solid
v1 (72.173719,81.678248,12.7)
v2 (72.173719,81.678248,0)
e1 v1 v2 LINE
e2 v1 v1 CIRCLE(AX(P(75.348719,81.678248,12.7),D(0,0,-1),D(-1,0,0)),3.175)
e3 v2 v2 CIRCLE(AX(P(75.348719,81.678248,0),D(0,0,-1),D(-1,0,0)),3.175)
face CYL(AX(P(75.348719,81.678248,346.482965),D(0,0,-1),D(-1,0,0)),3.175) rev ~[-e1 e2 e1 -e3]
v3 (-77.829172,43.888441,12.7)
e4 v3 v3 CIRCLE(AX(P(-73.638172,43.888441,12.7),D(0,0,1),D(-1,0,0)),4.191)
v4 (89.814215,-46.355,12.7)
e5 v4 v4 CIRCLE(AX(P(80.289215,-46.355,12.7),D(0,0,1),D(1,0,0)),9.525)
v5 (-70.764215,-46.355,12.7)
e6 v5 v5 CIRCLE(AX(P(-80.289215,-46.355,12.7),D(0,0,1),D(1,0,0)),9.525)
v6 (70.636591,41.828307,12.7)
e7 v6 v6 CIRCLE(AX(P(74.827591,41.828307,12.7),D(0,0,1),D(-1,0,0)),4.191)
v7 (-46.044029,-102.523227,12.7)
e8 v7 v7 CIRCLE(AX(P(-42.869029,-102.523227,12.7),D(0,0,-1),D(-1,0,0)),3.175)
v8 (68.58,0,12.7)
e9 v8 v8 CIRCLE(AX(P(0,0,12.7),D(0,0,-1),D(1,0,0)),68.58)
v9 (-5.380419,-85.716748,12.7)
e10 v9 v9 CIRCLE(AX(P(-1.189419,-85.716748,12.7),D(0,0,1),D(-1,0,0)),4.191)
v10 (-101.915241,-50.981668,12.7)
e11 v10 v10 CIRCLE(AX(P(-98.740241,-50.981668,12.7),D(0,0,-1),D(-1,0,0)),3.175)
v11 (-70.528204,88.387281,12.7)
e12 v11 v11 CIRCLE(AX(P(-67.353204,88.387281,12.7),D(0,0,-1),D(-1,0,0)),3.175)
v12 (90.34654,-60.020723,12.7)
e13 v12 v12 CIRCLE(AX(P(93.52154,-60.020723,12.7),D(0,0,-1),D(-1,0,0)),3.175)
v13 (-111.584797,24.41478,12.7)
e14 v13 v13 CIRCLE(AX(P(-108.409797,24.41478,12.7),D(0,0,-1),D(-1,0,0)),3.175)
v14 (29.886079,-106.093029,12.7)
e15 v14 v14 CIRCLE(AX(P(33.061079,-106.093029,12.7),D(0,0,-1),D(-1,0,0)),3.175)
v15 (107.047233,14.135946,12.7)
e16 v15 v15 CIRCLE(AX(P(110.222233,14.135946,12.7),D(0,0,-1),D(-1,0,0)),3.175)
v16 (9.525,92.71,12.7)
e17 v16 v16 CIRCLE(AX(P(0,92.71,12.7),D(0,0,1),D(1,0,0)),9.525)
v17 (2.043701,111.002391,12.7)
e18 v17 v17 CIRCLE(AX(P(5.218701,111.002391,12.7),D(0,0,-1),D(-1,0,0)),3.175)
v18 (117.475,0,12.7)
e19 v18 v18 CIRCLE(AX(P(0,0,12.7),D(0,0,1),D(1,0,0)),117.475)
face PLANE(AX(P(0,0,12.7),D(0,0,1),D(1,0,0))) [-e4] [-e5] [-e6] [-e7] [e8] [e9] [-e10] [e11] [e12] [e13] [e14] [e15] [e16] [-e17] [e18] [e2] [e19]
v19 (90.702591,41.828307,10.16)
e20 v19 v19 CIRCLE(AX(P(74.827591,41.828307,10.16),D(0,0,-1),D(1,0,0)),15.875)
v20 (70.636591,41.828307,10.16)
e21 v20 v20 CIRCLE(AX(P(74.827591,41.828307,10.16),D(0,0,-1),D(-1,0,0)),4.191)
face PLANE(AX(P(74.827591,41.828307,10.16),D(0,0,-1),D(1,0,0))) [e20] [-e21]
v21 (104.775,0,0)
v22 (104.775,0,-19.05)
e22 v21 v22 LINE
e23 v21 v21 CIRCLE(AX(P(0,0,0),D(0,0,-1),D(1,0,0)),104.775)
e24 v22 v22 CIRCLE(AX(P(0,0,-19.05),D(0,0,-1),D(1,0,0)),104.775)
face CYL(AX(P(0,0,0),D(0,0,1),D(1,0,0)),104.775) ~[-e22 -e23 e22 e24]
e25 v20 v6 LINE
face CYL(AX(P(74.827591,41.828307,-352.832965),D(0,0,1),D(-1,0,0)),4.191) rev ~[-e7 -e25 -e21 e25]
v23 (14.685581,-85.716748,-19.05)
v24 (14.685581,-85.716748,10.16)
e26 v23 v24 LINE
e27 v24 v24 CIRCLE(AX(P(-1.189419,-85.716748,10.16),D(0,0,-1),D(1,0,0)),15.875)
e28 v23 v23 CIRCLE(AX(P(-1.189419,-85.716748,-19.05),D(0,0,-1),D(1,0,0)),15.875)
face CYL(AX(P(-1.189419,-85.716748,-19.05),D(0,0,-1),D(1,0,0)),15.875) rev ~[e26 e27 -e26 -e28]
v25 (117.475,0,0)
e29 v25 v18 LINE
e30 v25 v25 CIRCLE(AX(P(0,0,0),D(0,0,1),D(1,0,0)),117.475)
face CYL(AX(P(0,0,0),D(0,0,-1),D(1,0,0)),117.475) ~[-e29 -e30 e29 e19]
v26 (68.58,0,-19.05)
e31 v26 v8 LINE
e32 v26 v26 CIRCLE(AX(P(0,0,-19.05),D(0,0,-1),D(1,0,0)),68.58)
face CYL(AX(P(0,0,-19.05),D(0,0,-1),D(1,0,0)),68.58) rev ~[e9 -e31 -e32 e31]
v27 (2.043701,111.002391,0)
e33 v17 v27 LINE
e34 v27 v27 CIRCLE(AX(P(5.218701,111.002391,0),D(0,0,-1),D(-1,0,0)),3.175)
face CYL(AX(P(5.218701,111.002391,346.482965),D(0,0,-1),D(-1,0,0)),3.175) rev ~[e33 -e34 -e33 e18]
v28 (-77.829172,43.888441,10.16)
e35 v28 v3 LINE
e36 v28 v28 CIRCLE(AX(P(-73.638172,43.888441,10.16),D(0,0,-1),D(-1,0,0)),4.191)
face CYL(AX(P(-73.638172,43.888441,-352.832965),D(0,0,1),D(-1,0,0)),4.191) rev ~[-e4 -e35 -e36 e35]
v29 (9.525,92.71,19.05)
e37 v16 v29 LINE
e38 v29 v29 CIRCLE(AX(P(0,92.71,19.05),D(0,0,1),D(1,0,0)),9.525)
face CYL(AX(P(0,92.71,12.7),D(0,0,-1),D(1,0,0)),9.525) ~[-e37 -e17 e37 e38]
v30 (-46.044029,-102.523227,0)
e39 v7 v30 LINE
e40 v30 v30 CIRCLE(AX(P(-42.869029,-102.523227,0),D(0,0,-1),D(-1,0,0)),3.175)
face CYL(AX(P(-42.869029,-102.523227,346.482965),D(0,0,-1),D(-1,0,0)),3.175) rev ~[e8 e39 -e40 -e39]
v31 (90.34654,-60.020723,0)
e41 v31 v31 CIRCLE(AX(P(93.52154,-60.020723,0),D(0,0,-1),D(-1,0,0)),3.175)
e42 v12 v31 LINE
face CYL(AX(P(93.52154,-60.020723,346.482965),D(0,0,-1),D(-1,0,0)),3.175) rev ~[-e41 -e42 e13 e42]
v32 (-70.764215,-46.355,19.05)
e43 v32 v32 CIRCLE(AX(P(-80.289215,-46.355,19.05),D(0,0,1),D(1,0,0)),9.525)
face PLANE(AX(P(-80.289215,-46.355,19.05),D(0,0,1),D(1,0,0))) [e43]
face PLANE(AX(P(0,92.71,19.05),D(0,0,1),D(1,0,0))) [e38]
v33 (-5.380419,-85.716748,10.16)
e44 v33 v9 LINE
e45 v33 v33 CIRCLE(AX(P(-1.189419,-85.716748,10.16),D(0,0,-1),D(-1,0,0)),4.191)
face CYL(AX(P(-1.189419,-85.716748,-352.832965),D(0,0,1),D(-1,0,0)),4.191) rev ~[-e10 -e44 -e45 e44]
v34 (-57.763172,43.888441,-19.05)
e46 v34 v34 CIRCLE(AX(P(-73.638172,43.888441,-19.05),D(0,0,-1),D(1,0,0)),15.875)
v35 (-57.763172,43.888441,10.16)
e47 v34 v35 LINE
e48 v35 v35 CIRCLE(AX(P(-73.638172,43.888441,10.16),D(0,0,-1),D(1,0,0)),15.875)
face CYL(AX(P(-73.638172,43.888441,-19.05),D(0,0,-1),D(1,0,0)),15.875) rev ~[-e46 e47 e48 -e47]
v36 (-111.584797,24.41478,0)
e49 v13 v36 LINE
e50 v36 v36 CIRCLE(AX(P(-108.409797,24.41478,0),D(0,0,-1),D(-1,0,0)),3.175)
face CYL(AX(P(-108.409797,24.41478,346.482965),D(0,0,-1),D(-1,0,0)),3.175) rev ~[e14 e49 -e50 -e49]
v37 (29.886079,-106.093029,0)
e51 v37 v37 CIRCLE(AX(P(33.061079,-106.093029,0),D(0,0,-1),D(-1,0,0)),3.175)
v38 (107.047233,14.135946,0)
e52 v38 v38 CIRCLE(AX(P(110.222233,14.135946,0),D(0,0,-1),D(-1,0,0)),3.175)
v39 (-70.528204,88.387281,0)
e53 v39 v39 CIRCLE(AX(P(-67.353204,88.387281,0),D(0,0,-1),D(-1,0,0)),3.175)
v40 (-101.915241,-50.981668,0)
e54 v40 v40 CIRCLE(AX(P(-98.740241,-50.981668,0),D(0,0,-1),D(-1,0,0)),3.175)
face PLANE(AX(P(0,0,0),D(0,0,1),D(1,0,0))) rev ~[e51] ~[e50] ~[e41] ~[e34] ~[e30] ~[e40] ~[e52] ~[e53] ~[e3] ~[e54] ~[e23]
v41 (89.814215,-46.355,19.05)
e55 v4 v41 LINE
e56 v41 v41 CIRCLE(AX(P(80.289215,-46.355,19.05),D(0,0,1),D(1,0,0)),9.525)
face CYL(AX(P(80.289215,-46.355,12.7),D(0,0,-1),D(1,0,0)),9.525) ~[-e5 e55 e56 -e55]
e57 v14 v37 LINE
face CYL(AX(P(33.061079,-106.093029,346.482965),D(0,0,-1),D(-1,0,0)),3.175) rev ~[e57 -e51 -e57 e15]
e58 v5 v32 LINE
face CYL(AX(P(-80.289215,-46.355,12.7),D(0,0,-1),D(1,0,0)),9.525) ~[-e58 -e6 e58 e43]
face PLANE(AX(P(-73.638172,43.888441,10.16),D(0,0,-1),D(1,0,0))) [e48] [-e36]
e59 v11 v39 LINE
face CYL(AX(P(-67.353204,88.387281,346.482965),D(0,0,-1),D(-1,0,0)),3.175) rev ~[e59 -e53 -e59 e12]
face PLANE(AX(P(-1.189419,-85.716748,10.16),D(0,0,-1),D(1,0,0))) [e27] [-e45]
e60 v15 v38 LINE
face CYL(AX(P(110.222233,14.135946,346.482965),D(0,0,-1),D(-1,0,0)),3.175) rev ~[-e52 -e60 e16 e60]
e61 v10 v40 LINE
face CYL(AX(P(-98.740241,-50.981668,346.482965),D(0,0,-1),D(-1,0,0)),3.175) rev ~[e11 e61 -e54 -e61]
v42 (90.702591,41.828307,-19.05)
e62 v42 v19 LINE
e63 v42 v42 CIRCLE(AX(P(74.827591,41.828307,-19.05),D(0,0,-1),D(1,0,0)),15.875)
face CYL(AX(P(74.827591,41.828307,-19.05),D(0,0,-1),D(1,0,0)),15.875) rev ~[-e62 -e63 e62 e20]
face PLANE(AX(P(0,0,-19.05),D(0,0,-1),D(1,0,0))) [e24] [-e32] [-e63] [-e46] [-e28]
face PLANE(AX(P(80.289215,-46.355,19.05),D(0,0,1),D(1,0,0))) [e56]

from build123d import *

# Parameters (mm, degrees)
F0_R      = 117.475
F1_DEPTH  = 12.7
F2_R      = 104.775
F3_DEPTH  = 19.05
F6_D      = 6.35
F8_D      = 8.382
F9_R      = 15.875
F9_R_2    = 4.191
F10_DEPTH = 29.21
F11_R     = 68.58
F12_DEPTH = 31.751
F13_R     = 9.525
F14_DEPTH = 6.35


with BuildPart() as f1:
    # F0 (on Top) → F1 (new body)
    with BuildSketch(Plane.XY):
        Circle(F0_R)
    extrude(amount=F1_DEPTH)

    # F2 (on face) → F3 (join)
    with BuildSketch(Plane(origin=(0, 0, 0), x_dir=(1, 0, 0), z_dir=(0, 0, -1))):
        Circle(F2_R)
    extrude(amount=F3_DEPTH)

    # F6 (through all)
    with Locations(Plane.XY.offset(12.7)):
        with Locations((-108.409797, 24.41478), (-98.740241, -50.981668), (-42.869029, -102.523227), (33.061079, -106.093029), (93.52154, -60.020723), (110.222233, 14.135946), (75.348719, 81.678248), (-67.353204, 88.387281), (5.218701, 111.002391)):
            Hole(F6_D / 2)

    # F8 (through all)
    with Locations(Plane(origin=(0, 0, -19.05), x_dir=(1, 0, 0), z_dir=(0, 0, -1))):
        with Locations((74.827591, -41.828307), (-73.638172, -43.888441), (-1.189419, 85.716748)):
            Hole(F8_D / 2)

    # F9 (on face) → F10 (cut)
    with BuildSketch(Plane(origin=(0, 0, -19.05), x_dir=(1, 0, 0), z_dir=(0, 0, -1))):
        with Locations((-73.638172, -43.888441)):
            Circle(F9_R)
        with Locations((-73.638172, -43.888441)):
            Circle(F9_R_2, mode=Mode.SUBTRACT)
        with Locations((-1.189419, 85.716748)):
            Circle(F9_R)
        with Locations((-1.189419, 85.716748)):
            Circle(F9_R_2, mode=Mode.SUBTRACT)
        with Locations((74.827591, -41.828307)):
            Circle(F9_R)
        with Locations((74.827591, -41.828307)):
            Circle(F9_R_2, mode=Mode.SUBTRACT)
    extrude(amount=-F10_DEPTH, mode=Mode.SUBTRACT)

    # F11 (on face) → F12 (cut, through all)
    with BuildSketch(Plane(origin=(0, 0, -19.05), x_dir=(1, 0, 0), z_dir=(0, 0, -1))):
        Circle(F11_R)
    extrude(amount=-F12_DEPTH, mode=Mode.SUBTRACT)

    # F13 (on face) → F14 (join)
    with BuildSketch(Plane.XY.offset(12.7)):
        with Locations((0, 92.71)):
            Circle(F13_R)
        with Locations((80.289215, -46.355)):
            Circle(F13_R)
        with Locations((-80.289215, -46.355)):
            Circle(F13_R)
    extrude(amount=F14_DEPTH)


solid = f1.part
